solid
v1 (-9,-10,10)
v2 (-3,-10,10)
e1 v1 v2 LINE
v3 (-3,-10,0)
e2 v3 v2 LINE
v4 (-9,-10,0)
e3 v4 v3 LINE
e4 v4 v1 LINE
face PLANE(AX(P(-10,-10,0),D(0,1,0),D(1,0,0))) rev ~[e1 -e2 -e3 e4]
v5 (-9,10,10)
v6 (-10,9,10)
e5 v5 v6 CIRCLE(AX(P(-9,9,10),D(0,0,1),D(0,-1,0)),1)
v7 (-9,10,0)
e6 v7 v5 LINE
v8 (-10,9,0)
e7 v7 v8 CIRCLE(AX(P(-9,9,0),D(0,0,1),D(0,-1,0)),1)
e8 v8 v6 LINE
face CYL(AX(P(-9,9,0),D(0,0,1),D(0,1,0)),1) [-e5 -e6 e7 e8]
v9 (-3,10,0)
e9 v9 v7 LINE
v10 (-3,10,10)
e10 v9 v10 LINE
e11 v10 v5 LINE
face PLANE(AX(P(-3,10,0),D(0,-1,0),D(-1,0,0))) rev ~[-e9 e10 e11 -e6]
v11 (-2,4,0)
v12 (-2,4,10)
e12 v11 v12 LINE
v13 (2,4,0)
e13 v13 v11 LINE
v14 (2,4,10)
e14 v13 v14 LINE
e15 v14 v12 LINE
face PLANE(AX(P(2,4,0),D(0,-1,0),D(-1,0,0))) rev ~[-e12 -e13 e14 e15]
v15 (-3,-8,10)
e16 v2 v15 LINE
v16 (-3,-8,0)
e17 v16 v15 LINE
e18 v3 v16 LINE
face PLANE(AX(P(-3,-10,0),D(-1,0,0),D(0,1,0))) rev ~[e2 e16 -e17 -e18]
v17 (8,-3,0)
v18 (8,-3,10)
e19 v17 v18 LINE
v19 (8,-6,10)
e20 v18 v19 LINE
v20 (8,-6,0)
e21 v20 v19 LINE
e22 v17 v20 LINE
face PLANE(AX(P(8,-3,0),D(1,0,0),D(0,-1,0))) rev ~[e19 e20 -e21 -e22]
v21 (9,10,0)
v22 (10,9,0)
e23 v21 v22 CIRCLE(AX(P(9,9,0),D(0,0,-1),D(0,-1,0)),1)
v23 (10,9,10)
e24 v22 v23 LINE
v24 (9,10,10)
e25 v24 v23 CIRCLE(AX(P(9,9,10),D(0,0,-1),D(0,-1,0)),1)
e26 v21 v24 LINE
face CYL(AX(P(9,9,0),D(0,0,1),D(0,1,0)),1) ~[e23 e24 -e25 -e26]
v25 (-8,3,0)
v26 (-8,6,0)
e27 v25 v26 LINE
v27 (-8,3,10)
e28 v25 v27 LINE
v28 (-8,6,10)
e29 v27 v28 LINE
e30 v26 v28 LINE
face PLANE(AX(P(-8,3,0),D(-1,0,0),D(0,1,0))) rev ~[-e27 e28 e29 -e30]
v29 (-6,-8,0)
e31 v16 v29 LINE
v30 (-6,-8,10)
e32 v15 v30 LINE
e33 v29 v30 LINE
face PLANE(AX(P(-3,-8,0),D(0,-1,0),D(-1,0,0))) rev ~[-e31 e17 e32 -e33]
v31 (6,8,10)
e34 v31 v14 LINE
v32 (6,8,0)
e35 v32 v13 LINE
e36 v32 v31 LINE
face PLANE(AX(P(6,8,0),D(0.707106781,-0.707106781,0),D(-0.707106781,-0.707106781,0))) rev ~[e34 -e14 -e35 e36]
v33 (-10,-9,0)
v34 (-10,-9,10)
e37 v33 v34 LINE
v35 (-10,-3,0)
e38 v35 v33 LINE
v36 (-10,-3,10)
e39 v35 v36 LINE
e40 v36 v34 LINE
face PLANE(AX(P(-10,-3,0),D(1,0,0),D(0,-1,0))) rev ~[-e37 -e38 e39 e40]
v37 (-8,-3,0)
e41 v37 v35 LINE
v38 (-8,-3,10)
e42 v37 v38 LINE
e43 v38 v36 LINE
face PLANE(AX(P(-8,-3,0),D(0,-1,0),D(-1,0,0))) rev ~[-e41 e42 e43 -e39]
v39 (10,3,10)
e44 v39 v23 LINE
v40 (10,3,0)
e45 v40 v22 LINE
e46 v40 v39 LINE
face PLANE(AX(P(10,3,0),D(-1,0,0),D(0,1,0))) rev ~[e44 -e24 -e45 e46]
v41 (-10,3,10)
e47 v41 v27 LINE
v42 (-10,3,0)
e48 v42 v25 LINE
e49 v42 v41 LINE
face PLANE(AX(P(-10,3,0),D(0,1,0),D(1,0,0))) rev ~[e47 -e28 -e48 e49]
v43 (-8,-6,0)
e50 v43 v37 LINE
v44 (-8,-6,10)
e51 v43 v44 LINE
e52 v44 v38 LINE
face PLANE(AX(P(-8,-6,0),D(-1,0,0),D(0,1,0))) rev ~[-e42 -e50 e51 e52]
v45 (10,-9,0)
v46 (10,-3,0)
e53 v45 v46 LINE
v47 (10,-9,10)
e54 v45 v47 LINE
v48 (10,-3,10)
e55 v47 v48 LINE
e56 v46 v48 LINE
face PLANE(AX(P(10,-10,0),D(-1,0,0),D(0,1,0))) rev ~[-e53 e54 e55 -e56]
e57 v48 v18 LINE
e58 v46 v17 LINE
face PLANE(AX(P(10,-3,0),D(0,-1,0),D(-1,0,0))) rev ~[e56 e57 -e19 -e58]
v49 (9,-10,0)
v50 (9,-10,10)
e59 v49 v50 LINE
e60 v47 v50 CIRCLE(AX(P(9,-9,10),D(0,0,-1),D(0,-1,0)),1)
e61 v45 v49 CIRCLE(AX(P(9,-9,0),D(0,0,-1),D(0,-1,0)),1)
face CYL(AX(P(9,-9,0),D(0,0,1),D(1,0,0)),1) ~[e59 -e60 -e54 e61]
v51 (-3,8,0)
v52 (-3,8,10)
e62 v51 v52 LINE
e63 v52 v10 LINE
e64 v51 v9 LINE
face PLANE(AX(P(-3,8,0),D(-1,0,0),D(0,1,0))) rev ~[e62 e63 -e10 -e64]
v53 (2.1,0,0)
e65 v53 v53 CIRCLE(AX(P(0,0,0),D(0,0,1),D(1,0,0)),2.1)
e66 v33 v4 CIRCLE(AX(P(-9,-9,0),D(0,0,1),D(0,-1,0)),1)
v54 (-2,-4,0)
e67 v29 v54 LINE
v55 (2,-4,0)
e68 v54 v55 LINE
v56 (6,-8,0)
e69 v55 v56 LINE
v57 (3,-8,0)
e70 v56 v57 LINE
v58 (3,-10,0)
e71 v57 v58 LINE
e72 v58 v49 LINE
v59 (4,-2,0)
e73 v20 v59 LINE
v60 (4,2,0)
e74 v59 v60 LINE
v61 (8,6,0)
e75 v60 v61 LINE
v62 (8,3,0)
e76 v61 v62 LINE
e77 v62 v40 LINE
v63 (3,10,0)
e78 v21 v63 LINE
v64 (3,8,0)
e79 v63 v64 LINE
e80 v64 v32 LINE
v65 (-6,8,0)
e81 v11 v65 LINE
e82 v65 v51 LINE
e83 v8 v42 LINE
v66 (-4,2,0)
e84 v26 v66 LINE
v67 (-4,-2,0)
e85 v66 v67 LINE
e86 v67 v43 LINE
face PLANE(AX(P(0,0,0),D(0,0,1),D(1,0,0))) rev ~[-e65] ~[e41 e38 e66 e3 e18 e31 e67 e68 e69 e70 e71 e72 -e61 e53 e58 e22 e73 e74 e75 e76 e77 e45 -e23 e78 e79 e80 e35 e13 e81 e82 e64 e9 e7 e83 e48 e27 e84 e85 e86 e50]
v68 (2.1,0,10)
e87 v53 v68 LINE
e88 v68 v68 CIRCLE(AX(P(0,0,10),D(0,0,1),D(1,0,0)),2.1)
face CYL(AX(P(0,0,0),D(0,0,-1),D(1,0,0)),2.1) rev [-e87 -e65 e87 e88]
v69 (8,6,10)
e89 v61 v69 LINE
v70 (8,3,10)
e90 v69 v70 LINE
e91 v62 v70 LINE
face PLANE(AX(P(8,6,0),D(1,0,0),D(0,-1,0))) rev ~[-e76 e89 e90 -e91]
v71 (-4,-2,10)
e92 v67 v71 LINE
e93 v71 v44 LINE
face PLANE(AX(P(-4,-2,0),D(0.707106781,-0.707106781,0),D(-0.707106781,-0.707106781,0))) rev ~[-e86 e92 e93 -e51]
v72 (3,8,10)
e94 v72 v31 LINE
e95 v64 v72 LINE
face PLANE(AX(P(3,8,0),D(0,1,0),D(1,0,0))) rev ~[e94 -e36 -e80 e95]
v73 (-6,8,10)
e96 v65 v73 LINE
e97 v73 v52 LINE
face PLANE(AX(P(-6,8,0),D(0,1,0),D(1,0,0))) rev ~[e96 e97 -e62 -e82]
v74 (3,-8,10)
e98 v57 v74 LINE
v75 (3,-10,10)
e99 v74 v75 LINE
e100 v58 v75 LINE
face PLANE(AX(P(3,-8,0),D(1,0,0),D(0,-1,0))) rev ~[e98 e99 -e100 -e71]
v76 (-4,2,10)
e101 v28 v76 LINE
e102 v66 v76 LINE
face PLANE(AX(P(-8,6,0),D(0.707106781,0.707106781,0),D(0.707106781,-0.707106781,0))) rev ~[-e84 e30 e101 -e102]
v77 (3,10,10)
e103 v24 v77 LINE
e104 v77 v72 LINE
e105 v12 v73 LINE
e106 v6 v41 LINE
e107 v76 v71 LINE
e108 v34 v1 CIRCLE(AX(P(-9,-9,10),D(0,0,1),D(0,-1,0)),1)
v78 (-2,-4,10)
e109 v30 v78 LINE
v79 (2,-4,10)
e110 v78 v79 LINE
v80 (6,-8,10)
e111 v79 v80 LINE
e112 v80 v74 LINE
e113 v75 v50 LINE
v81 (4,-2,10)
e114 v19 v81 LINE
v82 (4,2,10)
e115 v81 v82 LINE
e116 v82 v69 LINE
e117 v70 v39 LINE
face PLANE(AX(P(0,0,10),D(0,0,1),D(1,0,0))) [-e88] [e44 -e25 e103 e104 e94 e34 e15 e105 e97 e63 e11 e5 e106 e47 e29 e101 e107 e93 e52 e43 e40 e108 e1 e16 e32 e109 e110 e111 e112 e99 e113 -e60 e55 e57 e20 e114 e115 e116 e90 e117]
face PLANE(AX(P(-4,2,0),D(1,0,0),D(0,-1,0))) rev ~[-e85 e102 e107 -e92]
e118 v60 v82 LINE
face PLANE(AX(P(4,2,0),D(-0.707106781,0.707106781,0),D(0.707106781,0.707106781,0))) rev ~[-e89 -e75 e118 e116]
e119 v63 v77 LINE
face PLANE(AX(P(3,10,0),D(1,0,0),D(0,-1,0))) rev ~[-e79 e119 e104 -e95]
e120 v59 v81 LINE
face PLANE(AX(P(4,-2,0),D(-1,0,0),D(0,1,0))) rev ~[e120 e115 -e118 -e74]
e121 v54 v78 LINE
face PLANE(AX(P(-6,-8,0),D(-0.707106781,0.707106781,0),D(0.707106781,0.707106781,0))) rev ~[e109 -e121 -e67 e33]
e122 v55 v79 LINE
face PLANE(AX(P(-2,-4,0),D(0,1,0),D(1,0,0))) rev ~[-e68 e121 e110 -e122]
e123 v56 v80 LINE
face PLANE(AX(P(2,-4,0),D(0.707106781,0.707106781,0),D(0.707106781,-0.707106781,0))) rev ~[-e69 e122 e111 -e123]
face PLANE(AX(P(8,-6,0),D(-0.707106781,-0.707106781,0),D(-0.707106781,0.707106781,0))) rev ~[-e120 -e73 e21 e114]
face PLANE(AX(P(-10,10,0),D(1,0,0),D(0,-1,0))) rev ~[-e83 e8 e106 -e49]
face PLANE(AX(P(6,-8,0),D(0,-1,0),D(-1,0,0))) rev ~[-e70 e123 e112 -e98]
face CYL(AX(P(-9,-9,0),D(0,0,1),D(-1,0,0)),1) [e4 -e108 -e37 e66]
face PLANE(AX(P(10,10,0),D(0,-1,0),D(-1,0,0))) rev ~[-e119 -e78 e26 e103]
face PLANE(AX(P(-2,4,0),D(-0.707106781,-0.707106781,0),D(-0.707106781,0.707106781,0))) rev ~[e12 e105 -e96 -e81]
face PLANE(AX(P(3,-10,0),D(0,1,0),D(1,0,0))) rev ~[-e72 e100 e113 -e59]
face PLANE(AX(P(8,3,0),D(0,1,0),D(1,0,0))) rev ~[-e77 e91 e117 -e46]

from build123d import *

# Parameters (mm, degrees)
SKETCH1_R           = 2.1
BOSS_EXTRUDE1_DEPTH = 10
FILLET1_R           = 1


with BuildPart() as part:
    # Sketch1 → Boss-Extrude1 (new body)
    with BuildSketch(Plane.XY):
        Polygon((3, 10), (3, 8), (6, 8), (2, 4), (-2, 4), (-6, 8), (-3, 8), (-3, 10), (-10, 10), (-10, 3), (-8, 3), (-8, 6), (-4, 2), (-4, -2), (-8, -6), (-8, -3), (-10, -3), (-10, -10), (-3, -10), (-3, -8), (-6, -8), (-2, -4), (2, -4), (6, -8), (3, -8), (3, -10), (10, -10), (10, -3), (8, -3), (8, -6), (4, -2), (4, 2), (8, 6), (8, 3), (10, 3), (10, 10), align=None)
        Circle(SKETCH1_R, mode=Mode.SUBTRACT)
    extrude(amount=BOSS_EXTRUDE1_DEPTH)

    # Fillet1
    fillet1_edges = [part.edges().sort_by_distance(p)[0] for p in [
        (-10, 10, 5),
        (10, 10, 5),
        (10, -10, 5),
        (-10, -10, 5),
    ]]
    fillet(fillet1_edges, radius=FILLET1_R)


solid = part.part
